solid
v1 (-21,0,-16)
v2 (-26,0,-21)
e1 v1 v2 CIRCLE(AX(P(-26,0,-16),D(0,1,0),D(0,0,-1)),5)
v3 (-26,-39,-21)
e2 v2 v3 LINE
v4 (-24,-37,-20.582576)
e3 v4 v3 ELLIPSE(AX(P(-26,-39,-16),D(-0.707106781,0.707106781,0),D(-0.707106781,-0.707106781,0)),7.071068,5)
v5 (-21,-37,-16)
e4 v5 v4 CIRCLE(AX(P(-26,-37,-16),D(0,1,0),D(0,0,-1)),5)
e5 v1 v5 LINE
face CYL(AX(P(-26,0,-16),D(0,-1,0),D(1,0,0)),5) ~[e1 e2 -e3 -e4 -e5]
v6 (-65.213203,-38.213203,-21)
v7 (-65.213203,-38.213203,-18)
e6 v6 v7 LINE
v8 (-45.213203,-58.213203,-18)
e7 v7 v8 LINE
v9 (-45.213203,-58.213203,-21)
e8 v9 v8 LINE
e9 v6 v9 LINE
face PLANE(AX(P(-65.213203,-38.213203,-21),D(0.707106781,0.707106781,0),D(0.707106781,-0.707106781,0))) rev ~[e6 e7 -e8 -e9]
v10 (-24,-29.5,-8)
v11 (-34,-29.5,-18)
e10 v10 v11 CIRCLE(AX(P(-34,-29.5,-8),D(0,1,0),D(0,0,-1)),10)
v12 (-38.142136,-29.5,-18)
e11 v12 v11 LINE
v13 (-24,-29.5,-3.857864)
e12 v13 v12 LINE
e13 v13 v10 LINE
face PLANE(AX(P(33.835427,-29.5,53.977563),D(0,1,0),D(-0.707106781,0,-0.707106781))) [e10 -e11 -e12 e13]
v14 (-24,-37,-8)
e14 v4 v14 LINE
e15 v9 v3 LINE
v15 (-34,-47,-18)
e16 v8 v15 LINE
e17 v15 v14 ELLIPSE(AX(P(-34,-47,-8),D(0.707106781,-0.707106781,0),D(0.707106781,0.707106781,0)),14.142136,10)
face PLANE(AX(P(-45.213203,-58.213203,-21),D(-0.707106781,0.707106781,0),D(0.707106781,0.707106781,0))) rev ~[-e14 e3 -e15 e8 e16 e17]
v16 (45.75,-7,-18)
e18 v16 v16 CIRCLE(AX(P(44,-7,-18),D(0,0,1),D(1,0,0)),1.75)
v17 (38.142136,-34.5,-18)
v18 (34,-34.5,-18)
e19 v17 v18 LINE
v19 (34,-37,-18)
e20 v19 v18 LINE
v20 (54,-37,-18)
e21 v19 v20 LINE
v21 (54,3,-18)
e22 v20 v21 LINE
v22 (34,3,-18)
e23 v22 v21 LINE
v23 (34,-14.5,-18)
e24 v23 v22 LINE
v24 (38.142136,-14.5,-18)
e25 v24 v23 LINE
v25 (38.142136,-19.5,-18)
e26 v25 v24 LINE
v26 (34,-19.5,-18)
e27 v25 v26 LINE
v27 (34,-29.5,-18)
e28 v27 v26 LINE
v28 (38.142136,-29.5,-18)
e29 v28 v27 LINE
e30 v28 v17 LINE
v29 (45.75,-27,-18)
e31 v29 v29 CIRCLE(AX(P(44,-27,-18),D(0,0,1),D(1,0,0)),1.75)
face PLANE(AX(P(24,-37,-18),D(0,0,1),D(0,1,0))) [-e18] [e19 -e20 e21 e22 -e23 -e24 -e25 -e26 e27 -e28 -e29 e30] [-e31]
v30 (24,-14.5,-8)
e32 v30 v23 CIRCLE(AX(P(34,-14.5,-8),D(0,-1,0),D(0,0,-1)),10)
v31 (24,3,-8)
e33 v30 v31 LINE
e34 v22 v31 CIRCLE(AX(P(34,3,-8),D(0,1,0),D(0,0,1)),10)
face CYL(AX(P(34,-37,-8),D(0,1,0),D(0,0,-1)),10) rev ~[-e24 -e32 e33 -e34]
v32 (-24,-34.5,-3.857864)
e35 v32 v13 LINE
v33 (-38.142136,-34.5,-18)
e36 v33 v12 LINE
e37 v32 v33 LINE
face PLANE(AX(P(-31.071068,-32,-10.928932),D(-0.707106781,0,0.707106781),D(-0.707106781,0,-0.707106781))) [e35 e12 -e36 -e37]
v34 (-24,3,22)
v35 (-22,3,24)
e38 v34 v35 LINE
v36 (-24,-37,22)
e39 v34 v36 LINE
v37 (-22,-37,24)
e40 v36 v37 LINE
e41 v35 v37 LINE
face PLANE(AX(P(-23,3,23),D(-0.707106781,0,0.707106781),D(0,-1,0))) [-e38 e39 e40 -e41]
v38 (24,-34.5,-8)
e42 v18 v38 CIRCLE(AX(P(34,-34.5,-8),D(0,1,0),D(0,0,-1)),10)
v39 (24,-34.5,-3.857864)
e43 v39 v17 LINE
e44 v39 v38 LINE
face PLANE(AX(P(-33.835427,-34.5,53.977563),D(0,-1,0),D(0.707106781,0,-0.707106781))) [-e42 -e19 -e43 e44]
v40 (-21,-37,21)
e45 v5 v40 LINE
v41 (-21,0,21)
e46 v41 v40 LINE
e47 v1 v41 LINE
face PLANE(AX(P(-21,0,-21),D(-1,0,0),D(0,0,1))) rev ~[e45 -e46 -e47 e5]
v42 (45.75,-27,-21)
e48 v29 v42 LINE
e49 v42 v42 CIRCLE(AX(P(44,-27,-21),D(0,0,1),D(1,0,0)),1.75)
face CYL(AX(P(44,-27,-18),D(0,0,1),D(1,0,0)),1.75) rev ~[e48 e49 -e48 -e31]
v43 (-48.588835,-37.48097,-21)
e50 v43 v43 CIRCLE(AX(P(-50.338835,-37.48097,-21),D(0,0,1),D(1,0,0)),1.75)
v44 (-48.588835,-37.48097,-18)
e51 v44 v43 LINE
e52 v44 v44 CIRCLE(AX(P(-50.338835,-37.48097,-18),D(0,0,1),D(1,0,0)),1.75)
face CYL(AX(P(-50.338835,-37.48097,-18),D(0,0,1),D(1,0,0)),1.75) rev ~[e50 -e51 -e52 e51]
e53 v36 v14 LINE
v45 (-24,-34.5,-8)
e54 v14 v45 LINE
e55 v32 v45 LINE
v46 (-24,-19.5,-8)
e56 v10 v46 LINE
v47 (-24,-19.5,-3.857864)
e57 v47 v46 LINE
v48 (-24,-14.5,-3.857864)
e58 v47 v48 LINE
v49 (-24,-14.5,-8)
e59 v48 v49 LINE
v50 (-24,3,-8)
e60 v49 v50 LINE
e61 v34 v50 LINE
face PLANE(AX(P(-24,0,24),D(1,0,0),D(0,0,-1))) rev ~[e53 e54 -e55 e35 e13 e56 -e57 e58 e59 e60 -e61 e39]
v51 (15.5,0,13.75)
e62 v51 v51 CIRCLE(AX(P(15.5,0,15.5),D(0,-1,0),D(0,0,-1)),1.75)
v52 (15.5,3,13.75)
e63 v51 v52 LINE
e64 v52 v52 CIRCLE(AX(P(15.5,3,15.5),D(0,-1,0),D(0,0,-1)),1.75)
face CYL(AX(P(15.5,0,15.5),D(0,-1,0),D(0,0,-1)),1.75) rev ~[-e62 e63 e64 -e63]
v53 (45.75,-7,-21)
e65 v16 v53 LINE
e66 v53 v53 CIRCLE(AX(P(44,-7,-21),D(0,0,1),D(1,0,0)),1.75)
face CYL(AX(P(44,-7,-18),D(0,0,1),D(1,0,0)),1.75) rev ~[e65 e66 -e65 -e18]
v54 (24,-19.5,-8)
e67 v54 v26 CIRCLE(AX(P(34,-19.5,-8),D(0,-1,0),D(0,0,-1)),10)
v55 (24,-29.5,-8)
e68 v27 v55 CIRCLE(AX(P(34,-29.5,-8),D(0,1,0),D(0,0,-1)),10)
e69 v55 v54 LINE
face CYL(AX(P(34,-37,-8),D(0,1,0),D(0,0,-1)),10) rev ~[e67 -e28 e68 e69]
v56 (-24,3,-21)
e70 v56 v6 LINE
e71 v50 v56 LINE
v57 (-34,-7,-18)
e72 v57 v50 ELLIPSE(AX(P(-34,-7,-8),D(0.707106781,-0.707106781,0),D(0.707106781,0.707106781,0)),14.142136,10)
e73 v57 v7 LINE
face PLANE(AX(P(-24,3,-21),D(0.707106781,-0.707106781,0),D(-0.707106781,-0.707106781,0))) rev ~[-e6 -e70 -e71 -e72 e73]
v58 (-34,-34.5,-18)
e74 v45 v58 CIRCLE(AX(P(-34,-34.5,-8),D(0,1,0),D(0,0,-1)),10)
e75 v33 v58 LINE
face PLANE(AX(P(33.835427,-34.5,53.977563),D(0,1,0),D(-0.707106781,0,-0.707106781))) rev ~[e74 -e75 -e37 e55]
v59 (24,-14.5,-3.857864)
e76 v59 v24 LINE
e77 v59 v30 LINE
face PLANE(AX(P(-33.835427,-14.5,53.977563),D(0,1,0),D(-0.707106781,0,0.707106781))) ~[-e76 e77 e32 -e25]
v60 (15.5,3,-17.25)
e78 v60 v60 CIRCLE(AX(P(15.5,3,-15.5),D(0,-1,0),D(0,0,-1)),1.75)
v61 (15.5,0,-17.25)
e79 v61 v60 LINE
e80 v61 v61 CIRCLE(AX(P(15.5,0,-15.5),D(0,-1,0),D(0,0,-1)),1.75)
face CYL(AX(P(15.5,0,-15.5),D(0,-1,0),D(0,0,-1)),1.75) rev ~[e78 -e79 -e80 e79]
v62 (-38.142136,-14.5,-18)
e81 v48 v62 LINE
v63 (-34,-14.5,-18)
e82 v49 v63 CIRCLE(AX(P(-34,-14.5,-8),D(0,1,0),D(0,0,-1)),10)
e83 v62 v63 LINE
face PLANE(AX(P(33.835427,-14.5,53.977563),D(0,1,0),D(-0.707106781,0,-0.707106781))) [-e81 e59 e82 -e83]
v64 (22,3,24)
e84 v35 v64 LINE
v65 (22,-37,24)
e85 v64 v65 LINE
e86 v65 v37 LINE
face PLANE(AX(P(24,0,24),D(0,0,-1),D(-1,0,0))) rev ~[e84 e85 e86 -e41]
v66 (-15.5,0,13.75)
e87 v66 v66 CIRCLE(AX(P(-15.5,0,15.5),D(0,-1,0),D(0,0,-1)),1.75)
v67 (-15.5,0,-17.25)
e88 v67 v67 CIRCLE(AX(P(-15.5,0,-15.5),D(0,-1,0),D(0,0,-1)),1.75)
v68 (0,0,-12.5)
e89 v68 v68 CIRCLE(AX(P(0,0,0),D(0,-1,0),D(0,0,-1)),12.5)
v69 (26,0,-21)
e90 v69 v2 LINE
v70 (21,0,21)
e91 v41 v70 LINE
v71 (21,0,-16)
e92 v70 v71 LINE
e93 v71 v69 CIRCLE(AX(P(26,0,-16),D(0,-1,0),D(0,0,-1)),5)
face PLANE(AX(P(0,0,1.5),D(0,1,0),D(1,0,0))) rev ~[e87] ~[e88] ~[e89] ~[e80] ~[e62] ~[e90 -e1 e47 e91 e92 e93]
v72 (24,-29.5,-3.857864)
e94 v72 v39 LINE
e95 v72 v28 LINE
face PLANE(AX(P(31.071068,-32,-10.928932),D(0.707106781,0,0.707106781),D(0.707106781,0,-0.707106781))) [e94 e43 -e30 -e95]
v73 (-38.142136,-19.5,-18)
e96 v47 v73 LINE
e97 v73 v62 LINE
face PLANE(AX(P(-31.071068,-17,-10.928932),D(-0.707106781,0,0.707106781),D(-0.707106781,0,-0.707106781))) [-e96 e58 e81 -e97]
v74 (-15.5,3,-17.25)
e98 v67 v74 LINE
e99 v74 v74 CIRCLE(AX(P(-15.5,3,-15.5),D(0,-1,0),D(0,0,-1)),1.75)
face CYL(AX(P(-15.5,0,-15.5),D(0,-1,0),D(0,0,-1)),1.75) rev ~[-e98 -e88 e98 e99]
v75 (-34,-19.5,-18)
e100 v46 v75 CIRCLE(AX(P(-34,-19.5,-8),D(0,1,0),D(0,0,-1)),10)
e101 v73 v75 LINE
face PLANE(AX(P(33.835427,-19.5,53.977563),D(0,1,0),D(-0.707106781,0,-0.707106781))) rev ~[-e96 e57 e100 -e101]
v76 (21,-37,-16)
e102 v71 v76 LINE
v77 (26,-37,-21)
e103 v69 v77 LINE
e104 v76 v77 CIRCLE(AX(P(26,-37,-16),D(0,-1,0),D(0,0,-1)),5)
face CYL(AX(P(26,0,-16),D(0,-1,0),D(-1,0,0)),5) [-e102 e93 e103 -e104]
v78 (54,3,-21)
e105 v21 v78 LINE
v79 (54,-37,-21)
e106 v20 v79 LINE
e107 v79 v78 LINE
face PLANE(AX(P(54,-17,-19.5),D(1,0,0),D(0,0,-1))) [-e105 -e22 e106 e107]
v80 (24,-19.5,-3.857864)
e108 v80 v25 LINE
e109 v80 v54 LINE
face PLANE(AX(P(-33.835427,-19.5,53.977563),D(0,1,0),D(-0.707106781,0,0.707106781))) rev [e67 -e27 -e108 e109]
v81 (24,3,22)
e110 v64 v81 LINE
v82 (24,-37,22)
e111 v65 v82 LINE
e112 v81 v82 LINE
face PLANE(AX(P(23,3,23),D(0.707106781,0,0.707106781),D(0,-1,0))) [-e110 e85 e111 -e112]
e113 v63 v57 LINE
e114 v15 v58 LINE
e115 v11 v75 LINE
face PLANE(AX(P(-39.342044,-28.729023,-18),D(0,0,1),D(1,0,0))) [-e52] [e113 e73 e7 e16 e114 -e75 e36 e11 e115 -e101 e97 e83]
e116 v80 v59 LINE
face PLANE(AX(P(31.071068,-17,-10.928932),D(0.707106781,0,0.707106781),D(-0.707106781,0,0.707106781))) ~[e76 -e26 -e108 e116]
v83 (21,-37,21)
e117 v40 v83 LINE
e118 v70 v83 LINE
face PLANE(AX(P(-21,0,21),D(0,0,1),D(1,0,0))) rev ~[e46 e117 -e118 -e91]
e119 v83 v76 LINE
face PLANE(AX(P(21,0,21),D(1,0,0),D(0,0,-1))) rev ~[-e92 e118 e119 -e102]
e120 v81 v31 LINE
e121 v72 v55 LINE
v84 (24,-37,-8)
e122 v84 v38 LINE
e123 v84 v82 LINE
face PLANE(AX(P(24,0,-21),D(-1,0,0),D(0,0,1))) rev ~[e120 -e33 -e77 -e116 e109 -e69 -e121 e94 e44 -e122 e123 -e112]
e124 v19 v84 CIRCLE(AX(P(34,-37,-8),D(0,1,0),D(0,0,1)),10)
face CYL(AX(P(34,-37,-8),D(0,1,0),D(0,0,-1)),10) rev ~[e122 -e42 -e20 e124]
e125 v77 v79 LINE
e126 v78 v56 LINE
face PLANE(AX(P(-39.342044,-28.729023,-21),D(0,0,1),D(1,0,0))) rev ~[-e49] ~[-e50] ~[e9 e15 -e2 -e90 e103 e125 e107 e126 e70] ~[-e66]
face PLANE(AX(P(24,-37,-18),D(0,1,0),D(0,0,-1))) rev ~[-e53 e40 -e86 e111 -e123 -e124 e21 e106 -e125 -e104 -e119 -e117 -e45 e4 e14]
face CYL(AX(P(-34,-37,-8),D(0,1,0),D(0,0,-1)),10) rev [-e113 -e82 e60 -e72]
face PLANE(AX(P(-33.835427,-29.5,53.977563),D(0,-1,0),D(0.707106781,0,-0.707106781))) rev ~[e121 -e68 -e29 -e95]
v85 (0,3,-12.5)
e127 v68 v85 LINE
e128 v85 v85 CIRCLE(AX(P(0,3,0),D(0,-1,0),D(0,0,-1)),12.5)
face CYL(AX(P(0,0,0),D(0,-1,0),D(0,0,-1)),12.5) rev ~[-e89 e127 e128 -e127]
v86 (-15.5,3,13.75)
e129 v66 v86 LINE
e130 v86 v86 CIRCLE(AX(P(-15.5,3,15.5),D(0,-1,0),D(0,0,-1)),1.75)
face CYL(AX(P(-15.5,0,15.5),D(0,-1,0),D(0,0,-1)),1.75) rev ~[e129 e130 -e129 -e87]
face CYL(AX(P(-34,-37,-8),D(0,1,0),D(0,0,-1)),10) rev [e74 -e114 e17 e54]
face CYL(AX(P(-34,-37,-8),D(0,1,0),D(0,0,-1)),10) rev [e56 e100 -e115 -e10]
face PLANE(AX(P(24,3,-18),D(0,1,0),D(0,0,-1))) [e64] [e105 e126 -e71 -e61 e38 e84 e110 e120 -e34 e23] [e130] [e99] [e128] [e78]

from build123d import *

# Parameters (mm, degrees)
SKETCH1_W               = 48
SKETCH1_H               = 45
BOSS_EXTRUDE1_DEPTH     = 3
BOSS_EXTRUDE2_DEPTH     = 37
SKETCH3_W               = 3
SKETCH3_H               = 40
BOSS_EXTRUDE3_DEPTH     = 30
BOSS_EXTRUDE4_DEPTH     = 3
FILLET1_R               = 10
FILLET2_R               = 5
CHAMFER1_SIZE           = 2
SKETCH5_R               = 1.75
SKETCH5_R_2             = 12.5
CUT_EXTRUDE1_DEPTH      = 91.65064234
RIB2_REACH              = 82.792
SKETCH6_WALL_W          = 183.583291708
SKETCH6_WALL_H          = 5
LPATTERN2_COUNT         = 2
LPATTERN2_PITCH         = 15
MIRROR1_COPY_1_REACH    = 82.792
MIRROR1_COPY_1_SKETCH_W = 183.583291708
MIRROR1_COPY_1_SKETCH_H = 5
SKETCH7_R               = 1.75
CUT_EXTRUDE2_DEPTH      = 97.982157929


with BuildPart() as part:
    # Sketch1 → Boss-Extrude1 (new body)
    with BuildSketch(Plane(origin=(0, 0, 0), x_dir=(1, 0, 0), z_dir=(0, 1, 0))):
        with Locations((0, -1.5)):
            Rectangle(SKETCH1_W, SKETCH1_H)
    extrude(amount=BOSS_EXTRUDE1_DEPTH)

    # Sketch2 → Boss-Extrude2 (add)
    with BuildSketch(Plane.XZ):
        Polygon((-21, 21), (21, 21), (21, -21), (24, -21), (24, 24), (-24, 24), (-24, -21), (-21, -21), align=None)
    extrude(amount=BOSS_EXTRUDE2_DEPTH)

    # Sketch3 → Boss-Extrude3 (add)
    with BuildSketch(Plane(origin=(24, 0, 0), x_dir=(0, 0, -1), z_dir=(1, 0, 0))):
        with Locations((19.5, -17)):
            Rectangle(SKETCH3_W, SKETCH3_H)
    extrude(amount=BOSS_EXTRUDE3_DEPTH)

    # Sketch4 → Boss-Extrude4 (add)
    with BuildSketch(Plane(origin=(0, 0, -21), x_dir=(-1, 0, 0), z_dir=(0, 0, -1))):
        Polygon((24, 3), (65.213203436, -38.213203436), (45.213203436, -58.213203436), (24, -37), align=None)
    extrude(amount=-BOSS_EXTRUDE4_DEPTH)

    # Fillet1
    fillet1_edges = [part.edges().sort_by_distance(p)[0] for p in [
        (24, -17, -18),
        (-24, -17, -18),
    ]]
    fillet(fillet1_edges, radius=FILLET1_R)

    # Fillet2
    fillet2_edges = [part.edges().sort_by_distance(p)[0] for p in [
        (21, -18.5, -21),
        (-21, -18.5, -21),
    ]]
    fillet(fillet2_edges, radius=FILLET2_R)

    # Chamfer1
    chamfer1_edges = [part.edges().sort_by_distance(p)[0] for p in [
        (24, -17, 24),
        (-24, -17, 24),
    ]]
    chamfer(chamfer1_edges, length=CHAMFER1_SIZE)

    # Sketch5 → Cut-Extrude1 (cut, through all)
    with BuildSketch(Plane.XZ):
        with Locations(Location((-15.5, 15.5, 0), (0, 0, 270))):
            Circle(SKETCH5_R)
        with Locations(Location((15.5, 15.5, 0), (0, 0, 270))):
            Circle(SKETCH5_R)
        with Locations(Location((15.5, -15.5, 0), (0, 0, 270))):
            Circle(SKETCH5_R)
        with Locations(Location((-15.5, -15.5, 0), (0, 0, 270))):
            Circle(SKETCH5_R)
        with Locations(Location((0, 0, 0), (0, 0, 270))):
            Circle(SKETCH5_R_2)
    extrude(amount=-CUT_EXTRUDE1_DEPTH, mode=Mode.SUBTRACT)

    # Sketch6 wall → Rib2 (add, up to next)
    with BuildSketch(Plane(origin=(-31.071067812, -17, -10.928932188), x_dir=(-0.707106781187, 0, -0.707106781187), z_dir=(-0.707106781187, 0, 0.707106781187)), mode=Mode.PRIVATE) as rib2_sk1:
        Rectangle(SKETCH6_WALL_W, SKETCH6_WALL_H)
    rib2_tool1 = extrude(rib2_sk1.sketch, amount=-RIB2_REACH, mode=Mode.PRIVATE) - part.part
    rib2 = rib2_tool1.solids().sort_by_distance((-31.071067812, -17, -10.928932188))[0]
    add(rib2)

    # LPattern2: Rib2 ×2
    with Locations(*[(0, -i * LPATTERN2_PITCH, 0) for i in range(1, LPATTERN2_COUNT)]):
        add(rib2)

    # Mirror1: Rib2 across plane
    add(rib2.mirror(Plane(origin=(0, 0, 0), x_dir=(0, 0, 1), z_dir=(1, 0, 0))))

    # Mirror1 copy 1 sketch → Mirror1 copy 1 (add, up to next)
    with BuildSketch(Plane(origin=(31.071067812, -32, -10.928932188), x_dir=(0.707106781187, 0, -0.707106781187), z_dir=(0.707106781187, 0, 0.707106781187)), mode=Mode.PRIVATE) as mirror1_copy_1_sk1:
        Rectangle(MIRROR1_COPY_1_SKETCH_W, MIRROR1_COPY_1_SKETCH_H)
    mirror1_copy_1_tool1 = extrude(mirror1_copy_1_sk1.sketch, amount=-MIRROR1_COPY_1_REACH, mode=Mode.PRIVATE) - part.part
    add(mirror1_copy_1_tool1.solids().sort_by_distance((31.071067812, -32, -10.928932188))[0])

    # Sketch7 → Cut-Extrude2 (cut, through all)
    with BuildSketch(Plane.XY.offset(-18)):
        with Locations((44, -7)):
            Circle(SKETCH7_R)
        with Locations((44, -27)):
            Circle(SKETCH7_R)
        with Locations((-50.338834765, -37.480970389)):
            Circle(SKETCH7_R)
    extrude(amount=-CUT_EXTRUDE2_DEPTH, mode=Mode.SUBTRACT)


solid = part.part
